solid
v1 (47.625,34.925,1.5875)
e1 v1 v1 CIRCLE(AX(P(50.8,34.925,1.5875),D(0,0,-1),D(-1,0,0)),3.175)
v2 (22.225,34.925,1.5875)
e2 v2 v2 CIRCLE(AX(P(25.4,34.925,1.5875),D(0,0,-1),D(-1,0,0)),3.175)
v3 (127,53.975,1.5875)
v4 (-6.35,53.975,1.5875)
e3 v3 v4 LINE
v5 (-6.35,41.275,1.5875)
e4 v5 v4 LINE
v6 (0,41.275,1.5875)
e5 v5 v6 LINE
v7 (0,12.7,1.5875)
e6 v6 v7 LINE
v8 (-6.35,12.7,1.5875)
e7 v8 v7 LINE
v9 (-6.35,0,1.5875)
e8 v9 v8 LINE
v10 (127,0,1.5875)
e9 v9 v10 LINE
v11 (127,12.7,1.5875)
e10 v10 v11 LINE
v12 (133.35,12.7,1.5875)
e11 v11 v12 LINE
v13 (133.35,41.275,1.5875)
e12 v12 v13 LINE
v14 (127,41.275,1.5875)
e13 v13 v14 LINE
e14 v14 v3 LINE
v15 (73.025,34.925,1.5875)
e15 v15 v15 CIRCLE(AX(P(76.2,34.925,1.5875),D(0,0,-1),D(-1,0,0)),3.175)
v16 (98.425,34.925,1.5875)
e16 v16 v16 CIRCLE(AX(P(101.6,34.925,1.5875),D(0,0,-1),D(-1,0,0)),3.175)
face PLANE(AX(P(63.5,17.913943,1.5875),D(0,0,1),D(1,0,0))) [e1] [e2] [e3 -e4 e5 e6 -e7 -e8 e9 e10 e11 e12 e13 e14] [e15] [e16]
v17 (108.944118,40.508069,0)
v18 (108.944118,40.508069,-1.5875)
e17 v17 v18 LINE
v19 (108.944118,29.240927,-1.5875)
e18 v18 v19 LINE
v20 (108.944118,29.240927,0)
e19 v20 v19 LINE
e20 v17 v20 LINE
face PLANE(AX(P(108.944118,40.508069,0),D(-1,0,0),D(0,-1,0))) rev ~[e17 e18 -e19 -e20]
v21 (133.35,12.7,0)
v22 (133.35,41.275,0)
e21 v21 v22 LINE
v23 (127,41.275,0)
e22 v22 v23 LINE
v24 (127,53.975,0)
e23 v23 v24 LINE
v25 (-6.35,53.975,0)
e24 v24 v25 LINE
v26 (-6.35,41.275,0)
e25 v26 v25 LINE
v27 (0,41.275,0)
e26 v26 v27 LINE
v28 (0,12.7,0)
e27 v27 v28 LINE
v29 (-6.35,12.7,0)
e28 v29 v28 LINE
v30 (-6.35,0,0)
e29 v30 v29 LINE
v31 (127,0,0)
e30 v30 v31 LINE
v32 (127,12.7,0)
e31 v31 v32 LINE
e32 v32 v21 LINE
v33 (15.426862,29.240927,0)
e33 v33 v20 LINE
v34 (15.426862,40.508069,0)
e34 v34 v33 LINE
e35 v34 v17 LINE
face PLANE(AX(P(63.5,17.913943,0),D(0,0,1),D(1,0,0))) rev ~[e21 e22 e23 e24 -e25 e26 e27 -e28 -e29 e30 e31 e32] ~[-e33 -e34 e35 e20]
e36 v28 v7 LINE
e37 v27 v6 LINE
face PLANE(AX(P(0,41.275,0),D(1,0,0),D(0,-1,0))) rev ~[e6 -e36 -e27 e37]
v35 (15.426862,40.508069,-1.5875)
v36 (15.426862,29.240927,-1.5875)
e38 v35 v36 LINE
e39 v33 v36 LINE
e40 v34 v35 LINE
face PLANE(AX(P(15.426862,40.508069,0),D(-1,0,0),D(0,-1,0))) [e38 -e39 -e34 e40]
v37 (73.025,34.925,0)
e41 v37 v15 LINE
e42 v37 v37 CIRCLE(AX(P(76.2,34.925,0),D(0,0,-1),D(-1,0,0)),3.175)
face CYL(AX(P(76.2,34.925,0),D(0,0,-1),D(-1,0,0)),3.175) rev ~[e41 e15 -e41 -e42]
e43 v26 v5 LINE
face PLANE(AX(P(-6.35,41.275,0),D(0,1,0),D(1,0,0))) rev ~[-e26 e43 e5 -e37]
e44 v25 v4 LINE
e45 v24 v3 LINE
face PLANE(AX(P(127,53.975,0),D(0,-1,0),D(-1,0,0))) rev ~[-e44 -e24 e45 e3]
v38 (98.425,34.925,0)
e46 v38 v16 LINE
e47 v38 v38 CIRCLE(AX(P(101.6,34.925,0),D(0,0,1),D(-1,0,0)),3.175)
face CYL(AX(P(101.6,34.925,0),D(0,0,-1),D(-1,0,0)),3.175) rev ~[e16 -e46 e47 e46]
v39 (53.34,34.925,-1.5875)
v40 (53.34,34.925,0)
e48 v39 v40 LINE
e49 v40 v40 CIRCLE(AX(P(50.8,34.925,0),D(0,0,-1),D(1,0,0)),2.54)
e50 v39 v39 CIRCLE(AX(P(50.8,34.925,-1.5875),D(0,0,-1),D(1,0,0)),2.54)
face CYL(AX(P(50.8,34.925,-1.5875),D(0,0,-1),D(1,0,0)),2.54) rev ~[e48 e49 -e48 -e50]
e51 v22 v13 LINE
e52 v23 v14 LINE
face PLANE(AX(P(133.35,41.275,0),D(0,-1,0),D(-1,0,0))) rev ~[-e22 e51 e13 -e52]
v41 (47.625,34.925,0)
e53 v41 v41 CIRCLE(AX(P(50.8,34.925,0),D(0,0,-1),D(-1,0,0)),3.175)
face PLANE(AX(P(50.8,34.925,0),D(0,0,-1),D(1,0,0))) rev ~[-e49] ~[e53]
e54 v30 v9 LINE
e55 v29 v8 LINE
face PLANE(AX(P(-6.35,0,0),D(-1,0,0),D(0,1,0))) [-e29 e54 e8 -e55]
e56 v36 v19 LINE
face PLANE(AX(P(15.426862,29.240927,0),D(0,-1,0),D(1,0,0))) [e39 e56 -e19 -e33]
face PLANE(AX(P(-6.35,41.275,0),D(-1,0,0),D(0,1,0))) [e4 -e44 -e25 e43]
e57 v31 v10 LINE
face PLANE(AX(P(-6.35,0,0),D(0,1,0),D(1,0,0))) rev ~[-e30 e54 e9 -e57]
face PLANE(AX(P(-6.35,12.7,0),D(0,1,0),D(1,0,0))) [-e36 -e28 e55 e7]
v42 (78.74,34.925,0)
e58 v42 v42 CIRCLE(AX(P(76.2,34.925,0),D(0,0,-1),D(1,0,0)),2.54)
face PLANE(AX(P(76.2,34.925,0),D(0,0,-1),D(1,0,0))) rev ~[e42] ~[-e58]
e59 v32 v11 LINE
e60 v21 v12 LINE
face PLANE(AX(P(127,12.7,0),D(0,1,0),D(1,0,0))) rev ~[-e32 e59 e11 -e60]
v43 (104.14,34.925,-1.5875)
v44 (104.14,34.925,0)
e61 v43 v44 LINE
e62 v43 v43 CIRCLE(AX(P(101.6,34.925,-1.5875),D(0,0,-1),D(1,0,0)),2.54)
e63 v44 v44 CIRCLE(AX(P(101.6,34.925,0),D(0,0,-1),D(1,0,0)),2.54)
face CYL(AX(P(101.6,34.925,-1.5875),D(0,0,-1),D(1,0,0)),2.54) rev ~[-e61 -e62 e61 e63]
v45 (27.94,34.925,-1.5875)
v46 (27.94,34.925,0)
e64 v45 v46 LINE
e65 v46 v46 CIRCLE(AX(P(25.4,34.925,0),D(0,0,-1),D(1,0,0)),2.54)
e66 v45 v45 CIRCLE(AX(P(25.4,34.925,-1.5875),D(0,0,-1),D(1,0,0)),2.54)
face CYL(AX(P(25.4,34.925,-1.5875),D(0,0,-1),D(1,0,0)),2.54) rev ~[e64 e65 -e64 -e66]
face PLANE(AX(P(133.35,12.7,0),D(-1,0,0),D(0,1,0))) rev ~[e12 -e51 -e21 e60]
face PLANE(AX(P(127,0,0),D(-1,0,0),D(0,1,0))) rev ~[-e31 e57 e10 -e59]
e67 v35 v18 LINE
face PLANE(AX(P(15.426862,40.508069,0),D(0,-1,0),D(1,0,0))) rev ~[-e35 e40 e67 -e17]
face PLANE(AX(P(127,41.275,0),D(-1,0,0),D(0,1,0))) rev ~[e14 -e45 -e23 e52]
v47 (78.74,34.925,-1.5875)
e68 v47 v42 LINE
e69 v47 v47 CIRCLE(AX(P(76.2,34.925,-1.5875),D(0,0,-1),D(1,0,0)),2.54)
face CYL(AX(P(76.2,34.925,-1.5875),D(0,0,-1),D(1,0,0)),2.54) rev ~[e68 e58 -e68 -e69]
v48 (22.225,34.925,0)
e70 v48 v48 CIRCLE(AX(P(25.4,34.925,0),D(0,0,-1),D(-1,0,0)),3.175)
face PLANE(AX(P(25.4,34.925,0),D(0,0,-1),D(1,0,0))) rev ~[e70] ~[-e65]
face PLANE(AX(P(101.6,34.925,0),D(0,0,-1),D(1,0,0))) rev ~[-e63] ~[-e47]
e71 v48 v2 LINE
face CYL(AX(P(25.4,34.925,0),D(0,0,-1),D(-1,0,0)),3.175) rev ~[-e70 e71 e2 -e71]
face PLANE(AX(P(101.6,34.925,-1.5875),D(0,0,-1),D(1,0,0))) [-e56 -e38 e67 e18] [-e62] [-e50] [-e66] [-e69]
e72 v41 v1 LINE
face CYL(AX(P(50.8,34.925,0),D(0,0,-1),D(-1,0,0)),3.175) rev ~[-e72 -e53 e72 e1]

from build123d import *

# Parameters (mm, degrees)
F0_W     = 6.35
F0_H     = 12.7
F1_DEPTH = 1.5875
F2_W     = 93.517256
F2_H     = 11.267142
F2_R     = 3.175
F3_DEPTH = 1.5875
F4_R     = 3.175
F4_R_2   = 2.54
F5_DEPTH = 1.5875


with BuildPart() as f1:
    # F0 (on Top) → F1 (new body)
    with BuildSketch(Plane.XY):
        with BuildLine():
            Line((0, 12.7), (0, 0))
            Line((0, 0), (127, 0))
            Line((127, 0), (127, 12.7))
            Line((127, 12.7), (127, 34.925))
            Line((127, 34.925), (104.775, 34.925))
            ThreePointArc((104.775, 34.925), (101.6, 31.75), (98.425, 34.925))
            Line((98.425, 34.925), (79.375, 34.925))
            ThreePointArc((79.375, 34.925), (76.2, 31.75), (73.025, 34.925))
            Line((73.025, 34.925), (53.975, 34.925))
            ThreePointArc((53.975, 34.925), (50.8, 31.75), (47.625, 34.925))
            Line((47.625, 34.925), (28.575, 34.925))
            ThreePointArc((28.575, 34.925), (25.4, 31.75), (22.225, 34.925))
            Line((22.225, 34.925), (0, 34.925))
            Line((0, 34.925), (0, 12.7))
        make_face()
        with Locations((-3.175, 6.35)):
            Rectangle(F0_W, F0_H)
        with Locations((-3.175, 47.625)):
            Rectangle(F0_W, F0_H)
        with BuildLine():
            Line((0, 41.275), (0, 34.925))
            Line((0, 34.925), (22.225, 34.925))
            ThreePointArc((22.225, 34.925), (25.4, 38.1), (28.575, 34.925))
            Line((28.575, 34.925), (47.625, 34.925))
            ThreePointArc((47.625, 34.925), (50.8, 38.1), (53.975, 34.925))
            Line((53.975, 34.925), (73.025, 34.925))
            ThreePointArc((73.025, 34.925), (76.2, 38.1), (79.375, 34.925))
            Line((79.375, 34.925), (98.425, 34.925))
            ThreePointArc((98.425, 34.925), (101.6, 38.1), (104.775, 34.925))
            Line((104.775, 34.925), (127, 34.925))
            Line((127, 34.925), (127, 41.275))
            Line((127, 41.275), (127, 53.975))
            Line((127, 53.975), (0, 53.975))
            Line((0, 53.975), (0, 41.275))
        make_face()
        Polygon((127, 34.925), (127, 12.7), (133.35, 12.7), (133.35, 41.275), (127, 41.275), align=None)
    extrude(amount=F1_DEPTH)

    # F2 (on face) → F3 (join)
    with BuildSketch(Plane(origin=(0, 0, 0), x_dir=(1, 0, 0), z_dir=(0, 0, -1))):
        with Locations((62.18549, -34.874498)):
            Rectangle(F2_W, F2_H)
        with Locations((25.4, -34.925)):
            Circle(F2_R, mode=Mode.SUBTRACT)
        with Locations((50.8, -34.925)):
            Circle(F2_R, mode=Mode.SUBTRACT)
        with Locations((76.2, -34.925)):
            Circle(F2_R, mode=Mode.SUBTRACT)
        with Locations((101.6, -34.925)):
            Circle(F2_R, mode=Mode.SUBTRACT)
    extrude(amount=F3_DEPTH)

    # F4 (on face) → F5 (join)
    with BuildSketch(Plane(origin=(0, 0, -1.5875), x_dir=(1, 0, 0), z_dir=(0, 0, -1))):
        with Locations((101.6, -34.925)):
            Circle(F4_R)
        with Locations((101.6, -34.925)):
            Circle(F4_R_2, mode=Mode.SUBTRACT)
        with Locations((76.2, -34.925)):
            Circle(F4_R)
        with Locations((76.2, -34.925)):
            Circle(F4_R_2, mode=Mode.SUBTRACT)
        with Locations((50.8, -34.925)):
            Circle(F4_R)
        with Locations((50.8, -34.925)):
            Circle(F4_R_2, mode=Mode.SUBTRACT)
        with Locations((25.4, -34.925)):
            Circle(F4_R)
        with Locations((25.4, -34.925)):
            Circle(F4_R_2, mode=Mode.SUBTRACT)
    extrude(amount=-F5_DEPTH)


solid = f1.part
